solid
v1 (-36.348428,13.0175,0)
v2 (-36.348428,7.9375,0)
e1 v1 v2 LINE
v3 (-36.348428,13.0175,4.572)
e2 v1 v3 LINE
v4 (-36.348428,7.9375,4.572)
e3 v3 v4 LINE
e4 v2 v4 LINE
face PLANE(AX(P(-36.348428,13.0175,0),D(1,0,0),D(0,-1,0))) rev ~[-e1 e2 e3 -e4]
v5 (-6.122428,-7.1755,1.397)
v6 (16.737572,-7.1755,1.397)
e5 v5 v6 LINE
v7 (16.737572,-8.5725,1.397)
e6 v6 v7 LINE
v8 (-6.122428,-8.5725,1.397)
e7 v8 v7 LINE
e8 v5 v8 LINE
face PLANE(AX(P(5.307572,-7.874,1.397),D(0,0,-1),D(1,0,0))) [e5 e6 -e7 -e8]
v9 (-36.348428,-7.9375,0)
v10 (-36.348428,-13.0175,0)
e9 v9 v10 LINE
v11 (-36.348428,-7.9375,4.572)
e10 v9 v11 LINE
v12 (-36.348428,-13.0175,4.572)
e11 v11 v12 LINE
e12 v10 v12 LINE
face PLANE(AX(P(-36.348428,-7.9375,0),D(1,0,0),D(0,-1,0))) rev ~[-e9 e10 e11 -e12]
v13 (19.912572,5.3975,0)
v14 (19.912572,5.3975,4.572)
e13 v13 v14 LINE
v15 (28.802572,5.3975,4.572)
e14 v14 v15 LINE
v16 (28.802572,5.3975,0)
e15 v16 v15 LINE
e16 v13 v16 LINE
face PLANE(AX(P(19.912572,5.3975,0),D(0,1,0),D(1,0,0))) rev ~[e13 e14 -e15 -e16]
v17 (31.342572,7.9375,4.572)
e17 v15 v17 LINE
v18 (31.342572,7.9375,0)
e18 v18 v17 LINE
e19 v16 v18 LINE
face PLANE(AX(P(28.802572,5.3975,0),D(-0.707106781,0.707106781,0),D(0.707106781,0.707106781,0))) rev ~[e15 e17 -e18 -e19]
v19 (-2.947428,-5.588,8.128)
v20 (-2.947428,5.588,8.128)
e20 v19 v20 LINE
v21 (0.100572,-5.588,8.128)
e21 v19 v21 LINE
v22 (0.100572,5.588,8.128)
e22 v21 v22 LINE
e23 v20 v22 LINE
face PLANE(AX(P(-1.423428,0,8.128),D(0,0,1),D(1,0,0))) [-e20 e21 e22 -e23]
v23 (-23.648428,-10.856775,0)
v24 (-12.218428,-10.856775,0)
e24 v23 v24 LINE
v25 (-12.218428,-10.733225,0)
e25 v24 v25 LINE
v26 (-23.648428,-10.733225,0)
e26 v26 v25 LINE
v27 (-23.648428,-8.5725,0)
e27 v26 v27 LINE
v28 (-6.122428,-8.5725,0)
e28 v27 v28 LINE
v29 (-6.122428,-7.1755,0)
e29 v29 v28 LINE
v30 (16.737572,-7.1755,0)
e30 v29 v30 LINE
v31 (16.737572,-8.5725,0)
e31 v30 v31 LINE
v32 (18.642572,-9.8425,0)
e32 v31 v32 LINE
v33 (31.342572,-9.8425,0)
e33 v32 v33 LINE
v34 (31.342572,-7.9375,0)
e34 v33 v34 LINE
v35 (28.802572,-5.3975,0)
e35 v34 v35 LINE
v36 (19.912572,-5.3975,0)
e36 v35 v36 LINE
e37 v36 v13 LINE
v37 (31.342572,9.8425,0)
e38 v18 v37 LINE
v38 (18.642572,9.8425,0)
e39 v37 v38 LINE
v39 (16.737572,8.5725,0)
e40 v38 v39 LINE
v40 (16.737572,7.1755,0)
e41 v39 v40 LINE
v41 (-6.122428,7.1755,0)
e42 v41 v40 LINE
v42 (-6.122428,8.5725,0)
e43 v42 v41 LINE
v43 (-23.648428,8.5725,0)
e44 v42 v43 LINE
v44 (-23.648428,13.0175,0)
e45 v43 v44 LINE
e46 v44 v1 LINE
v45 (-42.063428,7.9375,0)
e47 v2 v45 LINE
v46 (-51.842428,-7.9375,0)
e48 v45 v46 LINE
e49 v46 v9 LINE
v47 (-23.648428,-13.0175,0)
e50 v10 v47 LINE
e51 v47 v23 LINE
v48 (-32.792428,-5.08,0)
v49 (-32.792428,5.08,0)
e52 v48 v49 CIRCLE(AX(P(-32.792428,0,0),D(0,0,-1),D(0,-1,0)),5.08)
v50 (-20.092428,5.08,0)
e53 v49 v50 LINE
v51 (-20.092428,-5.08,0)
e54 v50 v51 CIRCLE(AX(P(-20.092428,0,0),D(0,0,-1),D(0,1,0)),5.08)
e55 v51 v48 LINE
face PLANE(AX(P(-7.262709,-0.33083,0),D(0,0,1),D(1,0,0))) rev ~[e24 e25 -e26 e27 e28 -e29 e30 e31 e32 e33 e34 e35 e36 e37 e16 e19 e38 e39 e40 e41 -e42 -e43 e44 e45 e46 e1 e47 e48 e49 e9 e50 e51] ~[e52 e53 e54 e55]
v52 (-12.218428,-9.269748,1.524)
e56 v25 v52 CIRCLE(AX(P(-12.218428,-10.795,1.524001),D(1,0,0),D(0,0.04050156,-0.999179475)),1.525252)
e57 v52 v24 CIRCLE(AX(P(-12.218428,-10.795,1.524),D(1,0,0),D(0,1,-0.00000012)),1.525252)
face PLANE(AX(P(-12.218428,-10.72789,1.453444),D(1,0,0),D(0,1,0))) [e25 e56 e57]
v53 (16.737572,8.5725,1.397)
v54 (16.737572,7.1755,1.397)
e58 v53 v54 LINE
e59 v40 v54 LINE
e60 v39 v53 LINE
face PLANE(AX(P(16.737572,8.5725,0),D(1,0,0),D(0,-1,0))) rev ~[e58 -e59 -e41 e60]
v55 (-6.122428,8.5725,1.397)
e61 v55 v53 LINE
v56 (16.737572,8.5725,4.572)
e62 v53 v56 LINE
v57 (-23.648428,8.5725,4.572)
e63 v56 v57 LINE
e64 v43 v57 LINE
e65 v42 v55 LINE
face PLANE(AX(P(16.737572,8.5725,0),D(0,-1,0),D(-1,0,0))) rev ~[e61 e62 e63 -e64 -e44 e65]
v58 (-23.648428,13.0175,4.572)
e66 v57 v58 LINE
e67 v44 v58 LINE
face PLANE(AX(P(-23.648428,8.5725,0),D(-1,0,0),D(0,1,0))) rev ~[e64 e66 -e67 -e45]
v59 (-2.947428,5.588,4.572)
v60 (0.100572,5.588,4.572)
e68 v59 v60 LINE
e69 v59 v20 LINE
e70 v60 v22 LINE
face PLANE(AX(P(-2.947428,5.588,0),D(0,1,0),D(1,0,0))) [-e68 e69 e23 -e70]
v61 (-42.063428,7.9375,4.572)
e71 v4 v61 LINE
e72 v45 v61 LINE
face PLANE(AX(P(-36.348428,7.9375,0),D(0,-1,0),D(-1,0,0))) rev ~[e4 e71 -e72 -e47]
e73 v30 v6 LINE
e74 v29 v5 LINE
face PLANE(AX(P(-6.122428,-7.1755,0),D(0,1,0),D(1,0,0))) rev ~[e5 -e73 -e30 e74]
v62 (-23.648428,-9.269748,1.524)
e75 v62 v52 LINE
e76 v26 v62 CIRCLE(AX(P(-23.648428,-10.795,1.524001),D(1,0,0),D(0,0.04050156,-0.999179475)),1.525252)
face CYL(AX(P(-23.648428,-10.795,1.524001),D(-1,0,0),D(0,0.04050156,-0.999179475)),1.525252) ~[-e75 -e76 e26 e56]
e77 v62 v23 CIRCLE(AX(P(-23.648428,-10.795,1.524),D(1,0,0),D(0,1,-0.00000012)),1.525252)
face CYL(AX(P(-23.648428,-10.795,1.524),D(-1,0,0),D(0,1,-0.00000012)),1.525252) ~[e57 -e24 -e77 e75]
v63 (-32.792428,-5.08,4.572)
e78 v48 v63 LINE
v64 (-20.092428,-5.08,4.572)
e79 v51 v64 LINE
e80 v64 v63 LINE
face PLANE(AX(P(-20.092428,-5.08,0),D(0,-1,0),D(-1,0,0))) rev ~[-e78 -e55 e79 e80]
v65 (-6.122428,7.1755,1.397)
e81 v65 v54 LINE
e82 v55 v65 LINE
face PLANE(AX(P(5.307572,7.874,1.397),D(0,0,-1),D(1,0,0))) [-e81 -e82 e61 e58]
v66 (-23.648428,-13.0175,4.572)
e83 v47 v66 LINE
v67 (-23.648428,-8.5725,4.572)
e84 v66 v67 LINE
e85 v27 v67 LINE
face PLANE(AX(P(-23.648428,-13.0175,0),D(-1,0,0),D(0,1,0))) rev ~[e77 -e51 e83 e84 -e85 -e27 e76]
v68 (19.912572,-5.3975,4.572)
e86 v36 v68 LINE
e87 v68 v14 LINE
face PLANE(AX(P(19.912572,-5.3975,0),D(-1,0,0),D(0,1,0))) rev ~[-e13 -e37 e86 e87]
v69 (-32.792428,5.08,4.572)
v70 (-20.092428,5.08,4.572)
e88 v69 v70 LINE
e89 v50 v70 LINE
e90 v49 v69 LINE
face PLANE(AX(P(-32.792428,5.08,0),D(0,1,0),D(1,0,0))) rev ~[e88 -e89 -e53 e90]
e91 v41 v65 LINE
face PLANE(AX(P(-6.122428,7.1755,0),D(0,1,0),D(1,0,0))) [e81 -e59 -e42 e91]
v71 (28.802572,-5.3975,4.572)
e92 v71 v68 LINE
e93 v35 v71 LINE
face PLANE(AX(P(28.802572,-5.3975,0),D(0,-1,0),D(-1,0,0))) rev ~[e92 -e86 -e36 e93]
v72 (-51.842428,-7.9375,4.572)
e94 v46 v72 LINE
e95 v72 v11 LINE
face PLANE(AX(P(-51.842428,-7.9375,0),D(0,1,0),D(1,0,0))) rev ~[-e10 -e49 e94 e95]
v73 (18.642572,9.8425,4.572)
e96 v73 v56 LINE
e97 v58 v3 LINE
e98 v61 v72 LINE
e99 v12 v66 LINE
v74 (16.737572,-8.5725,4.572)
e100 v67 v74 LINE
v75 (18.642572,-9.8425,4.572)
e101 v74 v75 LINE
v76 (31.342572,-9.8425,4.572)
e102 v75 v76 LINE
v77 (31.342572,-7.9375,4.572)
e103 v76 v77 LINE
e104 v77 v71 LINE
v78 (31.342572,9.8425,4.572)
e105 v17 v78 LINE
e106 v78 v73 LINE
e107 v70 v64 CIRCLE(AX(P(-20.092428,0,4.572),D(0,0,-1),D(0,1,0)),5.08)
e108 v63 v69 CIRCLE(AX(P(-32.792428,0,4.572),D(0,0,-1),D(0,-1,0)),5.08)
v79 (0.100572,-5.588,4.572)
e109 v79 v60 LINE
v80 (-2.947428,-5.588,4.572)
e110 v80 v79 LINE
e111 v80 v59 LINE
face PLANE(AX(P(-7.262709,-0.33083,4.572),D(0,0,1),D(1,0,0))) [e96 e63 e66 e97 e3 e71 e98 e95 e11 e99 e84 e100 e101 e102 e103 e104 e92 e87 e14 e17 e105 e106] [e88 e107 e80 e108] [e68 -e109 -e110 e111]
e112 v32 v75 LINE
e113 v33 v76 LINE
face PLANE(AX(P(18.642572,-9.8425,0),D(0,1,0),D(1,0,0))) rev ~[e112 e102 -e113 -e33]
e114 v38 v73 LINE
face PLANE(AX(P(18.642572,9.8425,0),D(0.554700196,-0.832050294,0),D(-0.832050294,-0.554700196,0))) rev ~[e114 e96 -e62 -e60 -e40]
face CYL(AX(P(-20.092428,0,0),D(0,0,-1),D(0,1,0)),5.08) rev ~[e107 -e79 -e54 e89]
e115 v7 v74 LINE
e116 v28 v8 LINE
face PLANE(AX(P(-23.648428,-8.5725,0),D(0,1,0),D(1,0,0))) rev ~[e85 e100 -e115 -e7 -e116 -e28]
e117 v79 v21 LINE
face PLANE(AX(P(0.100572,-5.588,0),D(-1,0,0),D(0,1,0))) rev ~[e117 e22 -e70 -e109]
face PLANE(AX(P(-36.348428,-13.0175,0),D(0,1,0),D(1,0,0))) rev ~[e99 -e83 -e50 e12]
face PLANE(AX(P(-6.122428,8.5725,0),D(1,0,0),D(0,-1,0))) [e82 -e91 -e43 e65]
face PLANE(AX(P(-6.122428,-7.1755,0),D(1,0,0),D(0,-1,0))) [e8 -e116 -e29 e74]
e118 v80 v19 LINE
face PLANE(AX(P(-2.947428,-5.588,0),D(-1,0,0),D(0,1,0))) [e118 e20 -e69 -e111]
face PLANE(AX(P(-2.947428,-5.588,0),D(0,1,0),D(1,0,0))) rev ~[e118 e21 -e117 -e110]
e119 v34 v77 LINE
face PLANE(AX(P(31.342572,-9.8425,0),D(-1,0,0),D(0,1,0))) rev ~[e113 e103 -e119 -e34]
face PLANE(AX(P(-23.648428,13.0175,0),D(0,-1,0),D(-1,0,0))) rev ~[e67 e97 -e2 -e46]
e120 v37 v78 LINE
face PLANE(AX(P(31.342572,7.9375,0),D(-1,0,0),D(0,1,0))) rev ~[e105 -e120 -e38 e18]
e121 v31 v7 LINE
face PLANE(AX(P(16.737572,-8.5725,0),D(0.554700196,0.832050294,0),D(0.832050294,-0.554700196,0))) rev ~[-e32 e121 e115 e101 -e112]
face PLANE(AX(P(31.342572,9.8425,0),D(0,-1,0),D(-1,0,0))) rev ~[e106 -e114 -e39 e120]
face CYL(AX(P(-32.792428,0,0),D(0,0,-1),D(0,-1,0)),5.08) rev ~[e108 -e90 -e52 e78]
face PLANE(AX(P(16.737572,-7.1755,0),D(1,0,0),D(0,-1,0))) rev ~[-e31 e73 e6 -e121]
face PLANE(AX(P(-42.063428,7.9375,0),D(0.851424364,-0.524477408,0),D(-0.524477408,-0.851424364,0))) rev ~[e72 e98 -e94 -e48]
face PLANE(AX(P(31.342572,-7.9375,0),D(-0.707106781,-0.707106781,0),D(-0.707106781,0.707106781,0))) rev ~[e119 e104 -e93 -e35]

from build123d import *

# Parameters (mm, degrees)
F0_W     = 3.048
F0_H     = 11.176
F1_DEPTH = 4.572
F2_DEPTH = 8.128
F4_DEPTH = 11.43
F5_W     = 22.86
F5_H     = 1.397
F6_DEPTH = 1.397
F7_DEPTH = 1.397


with BuildPart() as f1:
    # F0 (on Top) → F1 (new body)
    with BuildSketch(Plane.XY):
        Polygon((18.642572, -9.8425), (31.342572, -9.8425), (31.342572, -7.9375), (28.802572, -5.3975), (19.912572, -5.3975), (19.912572, 5.3975), (28.802572, 5.3975), (31.342572, 7.9375), (31.342572, 9.8425), (18.642572, 9.8425), (16.737572, 8.5725), (-23.648428, 8.5725), (-23.648428, 13.0175), (-36.348428, 13.0175), (-36.348428, 7.9375), (-42.063428, 7.9375), (-51.842428, -7.9375), (-36.348428, -7.9375), (-36.348428, -13.0175), (-23.648428, -13.0175), (-23.648428, -8.5725), (16.737572, -8.5725), align=None)
        with BuildLine():
            Line((-32.792428, 5.08), (-20.092428, 5.08))
            ThreePointArc((-20.092428, 5.08), (-15.012428, 0), (-20.092428, -5.08))
            Line((-20.092428, -5.08), (-32.792428, -5.08))
            ThreePointArc((-32.792428, -5.08), (-37.872428, 0), (-32.792428, 5.08))
        make_face(mode=Mode.SUBTRACT)
        with Locations((-1.423428, 0)):
            Rectangle(F0_W, F0_H, mode=Mode.SUBTRACT)
    extrude(amount=F1_DEPTH)

    # F0 (on Top) → F2 (join)
    with BuildSketch(Plane.XY):
        with Locations((-1.423428, 0)):
            Rectangle(F0_W, F0_H)
    extrude(amount=F2_DEPTH)

    # F3 (on face) → F4 (join)
    with BuildSketch(Plane.YZ.offset(-23.648428)):
        with BuildLine():
            ThreePointArc((-10.733225, 0), (-9.69486, 0.467551), (-9.269748, 1.524))
            ThreePointArc((-9.269748, 1.524), (-11.851449, 2.62414), (-10.856775, 0))
            Line((-10.856775, 0), (-10.733225, 0))
        make_face()
    extrude(amount=F4_DEPTH)

    # F5 (on face) → F6 (cut)
    with BuildSketch(Plane(origin=(0, 0, 0), x_dir=(1, 0, 0), z_dir=(0, 0, -1))):
        with Locations((5.307572, 7.874)):
            Rectangle(F5_W, F5_H)
    extrude(amount=-F6_DEPTH, mode=Mode.SUBTRACT)

    # F5 (on face) → F7 (cut)
    with BuildSketch(Plane(origin=(0, 0, 0), x_dir=(1, 0, 0), z_dir=(0, 0, -1))):
        with Locations((5.307572, -7.874)):
            Rectangle(F5_W, F5_H)
    extrude(amount=-F7_DEPTH, mode=Mode.SUBTRACT)


solid = f1.part
